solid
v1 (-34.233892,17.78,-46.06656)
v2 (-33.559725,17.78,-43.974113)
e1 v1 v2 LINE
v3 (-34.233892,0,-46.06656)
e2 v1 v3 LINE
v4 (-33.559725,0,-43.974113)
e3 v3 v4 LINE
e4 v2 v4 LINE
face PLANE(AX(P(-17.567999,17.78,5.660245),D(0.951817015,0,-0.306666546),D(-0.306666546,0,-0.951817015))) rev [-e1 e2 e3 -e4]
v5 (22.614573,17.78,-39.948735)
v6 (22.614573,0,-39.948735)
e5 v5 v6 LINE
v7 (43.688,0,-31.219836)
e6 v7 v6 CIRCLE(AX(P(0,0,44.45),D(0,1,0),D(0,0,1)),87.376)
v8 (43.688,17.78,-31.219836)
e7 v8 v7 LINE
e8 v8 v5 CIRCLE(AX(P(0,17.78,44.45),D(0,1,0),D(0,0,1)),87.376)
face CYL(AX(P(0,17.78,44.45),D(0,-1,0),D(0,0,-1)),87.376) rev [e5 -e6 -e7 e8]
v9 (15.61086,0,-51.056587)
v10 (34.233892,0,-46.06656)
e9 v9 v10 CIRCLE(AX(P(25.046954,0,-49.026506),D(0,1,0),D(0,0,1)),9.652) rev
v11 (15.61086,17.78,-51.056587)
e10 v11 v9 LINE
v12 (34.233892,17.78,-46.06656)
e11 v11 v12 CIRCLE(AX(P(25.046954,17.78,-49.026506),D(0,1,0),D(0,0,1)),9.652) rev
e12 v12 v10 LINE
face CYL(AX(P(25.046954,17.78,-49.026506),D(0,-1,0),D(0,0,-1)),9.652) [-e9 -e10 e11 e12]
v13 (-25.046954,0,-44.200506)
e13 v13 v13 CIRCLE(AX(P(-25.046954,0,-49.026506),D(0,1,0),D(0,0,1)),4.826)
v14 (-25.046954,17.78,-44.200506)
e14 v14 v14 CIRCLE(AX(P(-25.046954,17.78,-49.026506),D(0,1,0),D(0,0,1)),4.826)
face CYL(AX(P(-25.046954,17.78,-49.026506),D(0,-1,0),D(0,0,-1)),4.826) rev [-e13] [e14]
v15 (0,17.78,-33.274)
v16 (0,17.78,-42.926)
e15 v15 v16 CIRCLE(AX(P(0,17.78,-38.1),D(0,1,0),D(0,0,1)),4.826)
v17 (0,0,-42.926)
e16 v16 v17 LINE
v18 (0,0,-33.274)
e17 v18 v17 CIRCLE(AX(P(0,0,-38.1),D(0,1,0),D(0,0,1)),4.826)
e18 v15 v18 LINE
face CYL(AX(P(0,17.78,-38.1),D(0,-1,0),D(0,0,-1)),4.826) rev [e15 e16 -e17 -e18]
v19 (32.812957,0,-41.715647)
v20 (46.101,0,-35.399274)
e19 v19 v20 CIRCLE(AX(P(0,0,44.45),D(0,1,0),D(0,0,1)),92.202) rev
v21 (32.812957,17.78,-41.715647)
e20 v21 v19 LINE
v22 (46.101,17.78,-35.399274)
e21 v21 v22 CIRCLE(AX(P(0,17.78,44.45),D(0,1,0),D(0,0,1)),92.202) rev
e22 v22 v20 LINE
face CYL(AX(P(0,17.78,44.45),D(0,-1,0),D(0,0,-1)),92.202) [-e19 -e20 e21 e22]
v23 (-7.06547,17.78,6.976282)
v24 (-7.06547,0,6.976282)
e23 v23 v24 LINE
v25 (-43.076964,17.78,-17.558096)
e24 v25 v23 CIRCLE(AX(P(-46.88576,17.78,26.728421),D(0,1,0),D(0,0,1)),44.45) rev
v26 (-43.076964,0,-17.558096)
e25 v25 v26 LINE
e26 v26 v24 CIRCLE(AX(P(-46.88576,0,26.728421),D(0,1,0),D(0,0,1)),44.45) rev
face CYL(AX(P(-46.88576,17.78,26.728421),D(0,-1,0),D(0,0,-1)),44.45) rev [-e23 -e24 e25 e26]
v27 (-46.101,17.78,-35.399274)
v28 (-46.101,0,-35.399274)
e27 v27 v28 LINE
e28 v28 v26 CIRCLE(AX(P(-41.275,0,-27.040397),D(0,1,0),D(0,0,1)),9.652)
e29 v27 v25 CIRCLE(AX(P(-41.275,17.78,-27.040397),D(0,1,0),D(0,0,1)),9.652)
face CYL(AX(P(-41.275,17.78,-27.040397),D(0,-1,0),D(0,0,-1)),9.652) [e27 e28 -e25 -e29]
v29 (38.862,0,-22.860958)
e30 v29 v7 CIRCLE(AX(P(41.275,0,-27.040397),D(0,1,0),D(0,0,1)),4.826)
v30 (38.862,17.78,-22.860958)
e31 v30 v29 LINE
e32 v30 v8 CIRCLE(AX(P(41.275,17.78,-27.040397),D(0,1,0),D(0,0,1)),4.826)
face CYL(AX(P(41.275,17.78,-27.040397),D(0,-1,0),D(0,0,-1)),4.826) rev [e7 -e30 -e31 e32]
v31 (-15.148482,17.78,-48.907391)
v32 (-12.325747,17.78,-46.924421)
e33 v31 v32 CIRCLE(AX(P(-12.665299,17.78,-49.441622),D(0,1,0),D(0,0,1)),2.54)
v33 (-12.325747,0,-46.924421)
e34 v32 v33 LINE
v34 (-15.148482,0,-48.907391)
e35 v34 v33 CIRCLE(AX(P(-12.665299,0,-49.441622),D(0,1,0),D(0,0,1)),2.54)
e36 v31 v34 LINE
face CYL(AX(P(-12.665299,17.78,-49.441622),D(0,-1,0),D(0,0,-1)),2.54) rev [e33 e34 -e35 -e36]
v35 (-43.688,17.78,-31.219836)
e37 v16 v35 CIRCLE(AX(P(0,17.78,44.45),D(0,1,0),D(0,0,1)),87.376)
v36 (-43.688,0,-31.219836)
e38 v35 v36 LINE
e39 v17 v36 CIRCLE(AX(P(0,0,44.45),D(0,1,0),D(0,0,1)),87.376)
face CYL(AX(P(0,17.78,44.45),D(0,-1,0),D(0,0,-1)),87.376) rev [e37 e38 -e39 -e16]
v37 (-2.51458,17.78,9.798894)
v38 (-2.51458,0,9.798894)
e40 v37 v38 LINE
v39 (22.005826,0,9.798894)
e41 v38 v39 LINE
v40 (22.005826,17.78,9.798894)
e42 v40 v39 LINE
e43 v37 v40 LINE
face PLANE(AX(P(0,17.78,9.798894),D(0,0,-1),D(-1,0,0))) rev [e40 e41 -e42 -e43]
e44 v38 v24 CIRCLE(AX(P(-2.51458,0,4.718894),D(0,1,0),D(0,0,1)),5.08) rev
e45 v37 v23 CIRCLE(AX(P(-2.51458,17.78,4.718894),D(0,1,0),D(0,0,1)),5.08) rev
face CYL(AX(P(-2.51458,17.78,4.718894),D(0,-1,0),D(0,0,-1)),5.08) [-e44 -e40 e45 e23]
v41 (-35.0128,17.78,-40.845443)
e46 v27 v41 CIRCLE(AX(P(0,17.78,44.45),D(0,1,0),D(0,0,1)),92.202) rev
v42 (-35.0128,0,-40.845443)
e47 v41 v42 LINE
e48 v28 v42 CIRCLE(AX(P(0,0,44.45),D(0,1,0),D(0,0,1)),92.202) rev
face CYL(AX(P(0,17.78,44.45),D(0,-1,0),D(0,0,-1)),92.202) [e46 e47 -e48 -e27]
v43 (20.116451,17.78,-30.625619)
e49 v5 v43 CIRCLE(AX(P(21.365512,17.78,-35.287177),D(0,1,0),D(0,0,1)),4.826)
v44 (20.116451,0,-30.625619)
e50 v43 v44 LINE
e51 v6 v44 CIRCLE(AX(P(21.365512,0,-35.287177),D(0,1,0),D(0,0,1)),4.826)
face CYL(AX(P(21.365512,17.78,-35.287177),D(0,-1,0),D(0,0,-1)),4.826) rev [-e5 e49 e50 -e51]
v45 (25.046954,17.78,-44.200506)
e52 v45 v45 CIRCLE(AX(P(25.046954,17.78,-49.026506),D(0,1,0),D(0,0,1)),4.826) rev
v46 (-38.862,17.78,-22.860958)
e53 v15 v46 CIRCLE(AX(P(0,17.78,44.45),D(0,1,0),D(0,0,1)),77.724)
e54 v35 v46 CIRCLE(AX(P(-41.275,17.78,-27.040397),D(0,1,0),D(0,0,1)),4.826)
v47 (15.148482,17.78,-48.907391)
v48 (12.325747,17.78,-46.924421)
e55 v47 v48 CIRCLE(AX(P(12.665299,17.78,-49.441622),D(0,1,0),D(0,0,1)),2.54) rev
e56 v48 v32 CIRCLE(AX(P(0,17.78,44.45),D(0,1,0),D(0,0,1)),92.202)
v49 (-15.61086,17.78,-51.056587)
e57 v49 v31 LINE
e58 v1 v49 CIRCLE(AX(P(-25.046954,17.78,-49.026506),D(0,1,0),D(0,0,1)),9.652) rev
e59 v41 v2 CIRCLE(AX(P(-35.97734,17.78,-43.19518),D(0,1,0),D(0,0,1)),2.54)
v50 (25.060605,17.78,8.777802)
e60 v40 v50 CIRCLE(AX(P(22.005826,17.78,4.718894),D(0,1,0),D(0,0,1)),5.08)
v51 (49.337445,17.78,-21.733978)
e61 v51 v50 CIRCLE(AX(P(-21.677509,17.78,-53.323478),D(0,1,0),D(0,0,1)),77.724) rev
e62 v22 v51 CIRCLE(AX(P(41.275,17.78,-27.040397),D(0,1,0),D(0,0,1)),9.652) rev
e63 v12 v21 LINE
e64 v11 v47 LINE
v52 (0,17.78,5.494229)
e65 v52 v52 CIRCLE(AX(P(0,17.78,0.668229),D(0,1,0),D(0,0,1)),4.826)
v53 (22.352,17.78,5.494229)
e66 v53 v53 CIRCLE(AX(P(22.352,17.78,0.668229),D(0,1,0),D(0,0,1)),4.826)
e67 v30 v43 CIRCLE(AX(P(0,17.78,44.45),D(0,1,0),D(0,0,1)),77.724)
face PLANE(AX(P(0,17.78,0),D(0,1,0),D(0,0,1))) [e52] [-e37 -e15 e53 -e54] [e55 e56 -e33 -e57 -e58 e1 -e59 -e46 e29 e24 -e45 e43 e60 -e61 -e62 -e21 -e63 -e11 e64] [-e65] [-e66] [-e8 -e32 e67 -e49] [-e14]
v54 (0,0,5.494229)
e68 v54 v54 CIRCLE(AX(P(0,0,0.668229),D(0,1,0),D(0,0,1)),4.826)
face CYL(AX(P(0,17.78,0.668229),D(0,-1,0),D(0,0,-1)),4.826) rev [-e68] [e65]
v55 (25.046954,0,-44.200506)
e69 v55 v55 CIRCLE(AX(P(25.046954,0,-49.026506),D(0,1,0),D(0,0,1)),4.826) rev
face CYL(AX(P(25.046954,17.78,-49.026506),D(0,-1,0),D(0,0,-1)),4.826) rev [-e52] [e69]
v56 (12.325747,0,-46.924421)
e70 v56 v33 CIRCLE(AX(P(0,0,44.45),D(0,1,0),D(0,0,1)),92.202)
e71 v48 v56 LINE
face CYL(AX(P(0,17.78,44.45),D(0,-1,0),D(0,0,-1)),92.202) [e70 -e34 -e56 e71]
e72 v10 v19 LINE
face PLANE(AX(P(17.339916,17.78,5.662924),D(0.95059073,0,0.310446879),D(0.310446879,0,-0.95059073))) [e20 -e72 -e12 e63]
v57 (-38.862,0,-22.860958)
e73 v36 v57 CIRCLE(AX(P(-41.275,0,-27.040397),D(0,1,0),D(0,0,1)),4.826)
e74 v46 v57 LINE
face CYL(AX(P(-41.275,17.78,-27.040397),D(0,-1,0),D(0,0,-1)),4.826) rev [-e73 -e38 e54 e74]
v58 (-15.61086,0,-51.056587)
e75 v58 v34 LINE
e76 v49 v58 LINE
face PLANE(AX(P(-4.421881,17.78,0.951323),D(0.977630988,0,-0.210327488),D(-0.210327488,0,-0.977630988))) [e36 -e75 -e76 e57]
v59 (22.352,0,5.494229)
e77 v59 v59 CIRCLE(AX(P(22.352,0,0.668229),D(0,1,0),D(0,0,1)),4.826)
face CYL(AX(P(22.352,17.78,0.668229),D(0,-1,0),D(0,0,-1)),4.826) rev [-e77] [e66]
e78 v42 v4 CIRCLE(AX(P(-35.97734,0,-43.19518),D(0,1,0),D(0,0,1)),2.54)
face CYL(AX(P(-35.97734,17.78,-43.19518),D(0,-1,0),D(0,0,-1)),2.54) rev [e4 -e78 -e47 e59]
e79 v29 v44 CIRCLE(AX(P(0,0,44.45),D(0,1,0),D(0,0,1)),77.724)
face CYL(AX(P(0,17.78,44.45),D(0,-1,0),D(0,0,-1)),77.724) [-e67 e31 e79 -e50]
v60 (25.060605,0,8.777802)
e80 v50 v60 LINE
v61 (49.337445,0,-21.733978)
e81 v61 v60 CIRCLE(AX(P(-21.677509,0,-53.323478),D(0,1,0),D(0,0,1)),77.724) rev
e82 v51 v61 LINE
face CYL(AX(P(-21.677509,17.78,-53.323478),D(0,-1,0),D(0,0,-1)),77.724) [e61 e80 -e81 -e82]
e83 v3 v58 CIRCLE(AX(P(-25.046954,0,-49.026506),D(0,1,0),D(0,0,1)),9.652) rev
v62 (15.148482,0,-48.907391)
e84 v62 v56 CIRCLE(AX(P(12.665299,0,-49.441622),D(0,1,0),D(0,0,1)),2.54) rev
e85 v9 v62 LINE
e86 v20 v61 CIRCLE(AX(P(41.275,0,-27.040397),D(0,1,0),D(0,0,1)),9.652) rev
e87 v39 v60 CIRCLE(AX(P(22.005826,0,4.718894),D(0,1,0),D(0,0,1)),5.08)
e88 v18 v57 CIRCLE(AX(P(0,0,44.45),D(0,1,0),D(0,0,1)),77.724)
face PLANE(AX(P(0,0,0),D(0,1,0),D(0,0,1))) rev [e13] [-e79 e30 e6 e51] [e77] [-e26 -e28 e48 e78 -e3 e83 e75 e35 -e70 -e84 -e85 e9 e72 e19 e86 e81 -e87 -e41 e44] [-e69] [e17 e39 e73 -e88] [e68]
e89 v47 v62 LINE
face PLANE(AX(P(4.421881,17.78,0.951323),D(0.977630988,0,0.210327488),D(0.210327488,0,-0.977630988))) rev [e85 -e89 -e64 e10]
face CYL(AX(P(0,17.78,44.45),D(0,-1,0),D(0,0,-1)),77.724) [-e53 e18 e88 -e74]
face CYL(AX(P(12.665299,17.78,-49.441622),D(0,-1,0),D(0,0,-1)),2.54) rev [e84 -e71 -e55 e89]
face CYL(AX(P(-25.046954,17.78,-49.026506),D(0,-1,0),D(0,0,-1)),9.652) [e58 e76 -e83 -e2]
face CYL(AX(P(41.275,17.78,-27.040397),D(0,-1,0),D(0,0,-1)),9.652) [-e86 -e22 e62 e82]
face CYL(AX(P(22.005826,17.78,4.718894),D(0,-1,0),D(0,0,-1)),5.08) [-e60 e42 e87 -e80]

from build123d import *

# Parameters (mm, degrees)
SKETCH2_R           = 4.826
BOSS_EXTRUDE1_DEPTH = 17.78


with BuildPart() as part:
    # Sketch2 → Boss-Extrude1 (new body)
    with BuildSketch(Plane(origin=(0, 0, 0), x_dir=(1, 0, 0), z_dir=(0, 1, 0))):
        with BuildLine():
            ThreePointArc((15.610859978, 51.056586824), (27.545075694, 58.349621989), (34.233892096, 46.066560407))
            Line((34.233892096, 46.066560407), (32.812957113, 41.715646574))
            ThreePointArc((32.812957113, 41.715646574), (39.58316936, 38.822933823), (46.101, 35.39927428))
            ThreePointArc((46.101, 35.39927428), (50.667182056, 29.264811664), (49.337445304, 21.733978355))
            ThreePointArc((49.337445304, 21.733978355), (39.143444972, 4.93100158), (25.060604801, -8.777801578))
            ThreePointArc((25.060604801, -8.777801578), (23.616284404, -9.536863302), (22.005826143, -9.798894416))
            Line((22.005826143, -9.798894416), (-2.51457971, -9.798894416))
            ThreePointArc((-2.51457971, -9.798894416), (-5.192160007, -9.035949402), (-7.065470014, -6.976281719))
            ThreePointArc((-7.065470014, -6.976281719), (-21.858610455, 10.006362304), (-43.076963776, 17.558096172))
            ThreePointArc((-43.076963776, 17.558096172), (-50.791269491, 25.427412588), (-46.101, 35.39927428))
            ThreePointArc((-46.101, 35.39927428), (-40.648214467, 38.308271276), (-35.012800321, 40.845443124))
            ThreePointArc((-35.012800321, 40.845443124), (-33.673672112, 42.125267238), (-33.559725058, 43.974112877))
            Line((-33.559725058, 43.974112877), (-34.233892096, 46.066560407))
            ThreePointArc((-34.233892096, 46.066560407), (-27.545075694, 58.349621989), (-15.610859978, 51.056586824))
            Line((-15.610859978, 51.056586824), (-15.148481995, 48.907390587))
            ThreePointArc((-15.148481995, 48.907390587), (-14.125378132, 47.363216824), (-12.325747026, 46.924420733))
            ThreePointArc((-12.325747026, 46.924420733), (0, 47.752), (12.325747026, 46.924420733))
            ThreePointArc((12.325747026, 46.924420733), (14.125378132, 47.363216824), (15.148481995, 48.907390587))
            Line((15.148481995, 48.907390587), (15.610859978, 51.056586824))
        make_face()
        with Locations(Location((0, -0.668228959, 0), (0, 0, 270))):
            Circle(SKETCH2_R, mode=Mode.SUBTRACT)
        with Locations(Location((22.352, -0.668228959, 0), (0, 0, 270))):
            Circle(SKETCH2_R, mode=Mode.SUBTRACT)
        with Locations(Location((-25.046954271, 49.026505913, 0), (0, 0, 270))):
            Circle(SKETCH2_R, mode=Mode.SUBTRACT)
        with Locations(Location((25.046954271, 49.026505913, 0), (0, 0, 270))):
            Circle(SKETCH2_R, mode=Mode.SUBTRACT)
        with BuildLine():
            ThreePointArc((-43.688, 31.219835681), (-45.454438599, 24.627397082), (-38.862, 22.860958484))
            ThreePointArc((-38.862, 22.860958484), (-20.116451462, 30.625618922), (0, 33.274))
            ThreePointArc((0, 33.274), (4.826, 38.1), (0, 42.926))
            ThreePointArc((0, 42.926), (-22.614572885, 39.948734998), (-43.688, 31.219835681))
        make_face(mode=Mode.SUBTRACT)
        with BuildLine():
            ThreePointArc((22.614572885, 39.948734998), (16.703954136, 36.536237672), (20.116451462, 30.625618922))
            ThreePointArc((20.116451462, 30.625618922), (29.743687097, 27.357612785), (38.862, 22.860958484))
            ThreePointArc((38.862, 22.860958484), (45.454438599, 24.627397082), (43.688, 31.219835681))
            ThreePointArc((43.688, 31.219835681), (33.437347586, 36.274898033), (22.614572885, 39.948734998))
        make_face(mode=Mode.SUBTRACT)
    extrude(amount=BOSS_EXTRUDE1_DEPTH)


solid = part.part
